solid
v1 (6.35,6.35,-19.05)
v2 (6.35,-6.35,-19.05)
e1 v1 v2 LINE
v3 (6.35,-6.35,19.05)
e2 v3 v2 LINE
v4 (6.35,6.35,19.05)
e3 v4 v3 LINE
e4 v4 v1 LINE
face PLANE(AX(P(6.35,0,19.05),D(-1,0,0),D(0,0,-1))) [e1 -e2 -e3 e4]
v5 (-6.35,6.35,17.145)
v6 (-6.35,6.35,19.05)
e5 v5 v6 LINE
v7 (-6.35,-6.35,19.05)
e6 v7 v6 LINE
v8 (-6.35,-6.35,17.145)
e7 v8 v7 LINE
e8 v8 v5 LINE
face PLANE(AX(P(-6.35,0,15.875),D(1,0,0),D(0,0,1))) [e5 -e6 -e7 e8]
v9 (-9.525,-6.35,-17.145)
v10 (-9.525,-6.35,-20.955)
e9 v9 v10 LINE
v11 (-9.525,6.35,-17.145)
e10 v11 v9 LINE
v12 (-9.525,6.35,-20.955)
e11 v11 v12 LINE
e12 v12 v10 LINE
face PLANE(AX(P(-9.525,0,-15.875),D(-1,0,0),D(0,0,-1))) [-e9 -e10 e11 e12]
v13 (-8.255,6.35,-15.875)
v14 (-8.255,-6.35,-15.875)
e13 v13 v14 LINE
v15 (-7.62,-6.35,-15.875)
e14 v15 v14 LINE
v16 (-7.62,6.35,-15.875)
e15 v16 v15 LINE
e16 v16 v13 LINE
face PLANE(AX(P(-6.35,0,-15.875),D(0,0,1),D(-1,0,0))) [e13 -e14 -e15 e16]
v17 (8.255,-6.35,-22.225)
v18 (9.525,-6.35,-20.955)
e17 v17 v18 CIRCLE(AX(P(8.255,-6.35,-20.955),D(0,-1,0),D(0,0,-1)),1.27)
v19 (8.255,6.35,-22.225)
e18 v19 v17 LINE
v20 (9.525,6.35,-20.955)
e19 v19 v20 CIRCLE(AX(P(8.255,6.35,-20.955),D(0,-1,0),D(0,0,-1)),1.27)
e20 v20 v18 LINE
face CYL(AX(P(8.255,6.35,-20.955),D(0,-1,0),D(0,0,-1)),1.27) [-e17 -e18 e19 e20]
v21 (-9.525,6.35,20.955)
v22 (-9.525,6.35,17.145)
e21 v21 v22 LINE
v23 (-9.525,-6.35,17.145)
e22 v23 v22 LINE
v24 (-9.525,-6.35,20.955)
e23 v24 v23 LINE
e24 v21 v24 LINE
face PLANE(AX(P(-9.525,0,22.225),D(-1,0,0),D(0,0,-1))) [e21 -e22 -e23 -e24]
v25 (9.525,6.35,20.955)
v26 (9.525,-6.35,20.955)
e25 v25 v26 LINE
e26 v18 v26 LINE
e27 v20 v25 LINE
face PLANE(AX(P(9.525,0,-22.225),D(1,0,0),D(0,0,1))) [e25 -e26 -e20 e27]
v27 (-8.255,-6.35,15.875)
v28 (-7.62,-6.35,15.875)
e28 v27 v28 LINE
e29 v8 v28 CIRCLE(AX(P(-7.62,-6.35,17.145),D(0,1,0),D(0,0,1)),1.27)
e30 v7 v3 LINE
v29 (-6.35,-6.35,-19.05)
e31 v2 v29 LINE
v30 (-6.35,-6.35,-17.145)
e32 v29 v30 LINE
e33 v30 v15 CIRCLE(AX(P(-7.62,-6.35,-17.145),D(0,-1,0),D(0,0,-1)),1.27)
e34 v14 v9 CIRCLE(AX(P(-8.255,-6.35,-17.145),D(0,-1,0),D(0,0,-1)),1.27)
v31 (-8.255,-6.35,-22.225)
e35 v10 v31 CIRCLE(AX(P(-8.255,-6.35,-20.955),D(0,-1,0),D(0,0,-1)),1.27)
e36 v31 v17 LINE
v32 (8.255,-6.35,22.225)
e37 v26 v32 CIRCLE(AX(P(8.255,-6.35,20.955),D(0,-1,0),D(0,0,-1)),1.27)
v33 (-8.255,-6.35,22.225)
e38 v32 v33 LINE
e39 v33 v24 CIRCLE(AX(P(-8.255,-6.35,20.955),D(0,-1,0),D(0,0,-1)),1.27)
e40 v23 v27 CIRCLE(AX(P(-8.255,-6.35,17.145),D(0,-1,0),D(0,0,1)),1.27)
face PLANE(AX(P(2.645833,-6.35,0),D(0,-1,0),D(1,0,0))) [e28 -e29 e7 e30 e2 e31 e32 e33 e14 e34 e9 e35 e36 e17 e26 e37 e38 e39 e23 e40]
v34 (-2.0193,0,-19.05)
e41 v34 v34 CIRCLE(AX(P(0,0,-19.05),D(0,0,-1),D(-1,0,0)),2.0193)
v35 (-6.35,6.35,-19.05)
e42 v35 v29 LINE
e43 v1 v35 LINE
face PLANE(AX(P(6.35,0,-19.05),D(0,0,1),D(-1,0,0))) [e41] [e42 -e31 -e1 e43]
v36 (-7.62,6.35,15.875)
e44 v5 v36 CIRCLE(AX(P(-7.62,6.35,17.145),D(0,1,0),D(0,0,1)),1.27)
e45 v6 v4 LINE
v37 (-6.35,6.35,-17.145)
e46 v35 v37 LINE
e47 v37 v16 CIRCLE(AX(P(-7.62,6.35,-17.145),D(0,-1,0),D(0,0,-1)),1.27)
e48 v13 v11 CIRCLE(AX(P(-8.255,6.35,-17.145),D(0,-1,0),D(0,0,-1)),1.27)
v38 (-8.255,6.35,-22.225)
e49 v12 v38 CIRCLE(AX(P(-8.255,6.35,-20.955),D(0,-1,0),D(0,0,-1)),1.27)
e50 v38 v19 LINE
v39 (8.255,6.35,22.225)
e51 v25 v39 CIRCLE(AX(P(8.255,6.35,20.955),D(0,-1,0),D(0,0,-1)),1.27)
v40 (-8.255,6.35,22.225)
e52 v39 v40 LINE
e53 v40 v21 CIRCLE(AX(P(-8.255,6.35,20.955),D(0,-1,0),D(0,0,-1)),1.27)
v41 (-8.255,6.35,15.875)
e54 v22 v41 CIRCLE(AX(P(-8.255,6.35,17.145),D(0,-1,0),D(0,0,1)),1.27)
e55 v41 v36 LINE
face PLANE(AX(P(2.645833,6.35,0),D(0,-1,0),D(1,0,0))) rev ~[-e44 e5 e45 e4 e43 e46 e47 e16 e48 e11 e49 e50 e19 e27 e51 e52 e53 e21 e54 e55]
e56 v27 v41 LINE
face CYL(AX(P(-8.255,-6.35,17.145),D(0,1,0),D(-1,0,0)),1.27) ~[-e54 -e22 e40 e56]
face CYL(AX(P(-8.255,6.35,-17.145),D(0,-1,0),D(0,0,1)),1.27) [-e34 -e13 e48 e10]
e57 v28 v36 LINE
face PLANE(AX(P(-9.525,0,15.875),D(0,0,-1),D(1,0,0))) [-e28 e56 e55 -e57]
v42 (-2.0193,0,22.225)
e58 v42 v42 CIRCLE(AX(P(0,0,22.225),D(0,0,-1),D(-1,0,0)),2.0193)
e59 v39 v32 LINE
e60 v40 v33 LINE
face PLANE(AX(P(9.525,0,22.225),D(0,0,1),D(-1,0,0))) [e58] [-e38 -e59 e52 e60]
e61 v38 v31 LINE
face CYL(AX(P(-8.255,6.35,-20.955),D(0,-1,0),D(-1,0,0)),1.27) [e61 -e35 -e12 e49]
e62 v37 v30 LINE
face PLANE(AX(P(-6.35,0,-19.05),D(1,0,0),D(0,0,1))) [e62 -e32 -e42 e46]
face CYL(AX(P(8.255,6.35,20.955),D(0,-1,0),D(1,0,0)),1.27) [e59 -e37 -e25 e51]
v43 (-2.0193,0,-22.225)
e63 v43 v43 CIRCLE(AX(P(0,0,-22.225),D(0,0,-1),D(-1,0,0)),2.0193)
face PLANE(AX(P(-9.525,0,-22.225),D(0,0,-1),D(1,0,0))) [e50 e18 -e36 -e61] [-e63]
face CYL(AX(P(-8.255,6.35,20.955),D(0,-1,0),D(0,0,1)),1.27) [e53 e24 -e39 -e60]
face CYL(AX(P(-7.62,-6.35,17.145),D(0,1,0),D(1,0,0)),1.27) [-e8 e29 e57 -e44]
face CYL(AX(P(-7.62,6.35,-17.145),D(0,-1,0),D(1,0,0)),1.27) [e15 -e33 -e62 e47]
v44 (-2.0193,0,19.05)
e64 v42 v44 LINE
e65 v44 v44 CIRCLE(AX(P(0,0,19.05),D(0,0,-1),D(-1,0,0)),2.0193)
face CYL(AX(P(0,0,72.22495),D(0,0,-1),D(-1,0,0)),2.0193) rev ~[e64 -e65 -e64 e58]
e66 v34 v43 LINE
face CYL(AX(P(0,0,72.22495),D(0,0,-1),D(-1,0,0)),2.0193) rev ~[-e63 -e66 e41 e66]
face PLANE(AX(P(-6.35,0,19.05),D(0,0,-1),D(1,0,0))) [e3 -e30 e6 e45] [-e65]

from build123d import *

# Parameters (mm, degrees)
F1_DEPTH      = 6.35
F1_DEPTH_BACK = 6.35
F3_D          = 4.0386
F4_R          = 1.27


with BuildPart() as f1:
    # F0 (on Front) → F1 (new body, two sides)
    with BuildSketch(Plane.XZ) as f1_sk:
        Polygon((-6.35, 19.05), (6.35, 19.05), (6.35, -19.05), (-6.35, -19.05), (-6.35, -15.875), (-9.525, -15.875), (-9.525, -22.225), (9.525, -22.225), (9.525, 22.225), (-9.525, 22.225), (-9.525, 15.875), (-6.35, 15.875), align=None)
    extrude(amount=F1_DEPTH)
    extrude(f1_sk.sketch, amount=-F1_DEPTH_BACK)

    # F3 (through all)
    with Locations(Plane.XY.offset(22.225)):
        with Locations((0, 0)):
            Hole(F3_D / 2)

    # F4
    f4_edges = [f1.edges().sort_by_distance(p)[0] for p in [
        (-9.525, 0, 22.225),
        (-9.525, 0, 15.875),
        (-6.35, 0, 15.875),
        (9.525, 0, 22.225),
        (9.525, 0, -22.225),
        (-9.525, 0, -22.225),
        (-9.525, 0, -15.875),
        (-6.35, 0, -15.875),
    ]]
    fillet(f4_edges, radius=F4_R)


solid = f1.part
